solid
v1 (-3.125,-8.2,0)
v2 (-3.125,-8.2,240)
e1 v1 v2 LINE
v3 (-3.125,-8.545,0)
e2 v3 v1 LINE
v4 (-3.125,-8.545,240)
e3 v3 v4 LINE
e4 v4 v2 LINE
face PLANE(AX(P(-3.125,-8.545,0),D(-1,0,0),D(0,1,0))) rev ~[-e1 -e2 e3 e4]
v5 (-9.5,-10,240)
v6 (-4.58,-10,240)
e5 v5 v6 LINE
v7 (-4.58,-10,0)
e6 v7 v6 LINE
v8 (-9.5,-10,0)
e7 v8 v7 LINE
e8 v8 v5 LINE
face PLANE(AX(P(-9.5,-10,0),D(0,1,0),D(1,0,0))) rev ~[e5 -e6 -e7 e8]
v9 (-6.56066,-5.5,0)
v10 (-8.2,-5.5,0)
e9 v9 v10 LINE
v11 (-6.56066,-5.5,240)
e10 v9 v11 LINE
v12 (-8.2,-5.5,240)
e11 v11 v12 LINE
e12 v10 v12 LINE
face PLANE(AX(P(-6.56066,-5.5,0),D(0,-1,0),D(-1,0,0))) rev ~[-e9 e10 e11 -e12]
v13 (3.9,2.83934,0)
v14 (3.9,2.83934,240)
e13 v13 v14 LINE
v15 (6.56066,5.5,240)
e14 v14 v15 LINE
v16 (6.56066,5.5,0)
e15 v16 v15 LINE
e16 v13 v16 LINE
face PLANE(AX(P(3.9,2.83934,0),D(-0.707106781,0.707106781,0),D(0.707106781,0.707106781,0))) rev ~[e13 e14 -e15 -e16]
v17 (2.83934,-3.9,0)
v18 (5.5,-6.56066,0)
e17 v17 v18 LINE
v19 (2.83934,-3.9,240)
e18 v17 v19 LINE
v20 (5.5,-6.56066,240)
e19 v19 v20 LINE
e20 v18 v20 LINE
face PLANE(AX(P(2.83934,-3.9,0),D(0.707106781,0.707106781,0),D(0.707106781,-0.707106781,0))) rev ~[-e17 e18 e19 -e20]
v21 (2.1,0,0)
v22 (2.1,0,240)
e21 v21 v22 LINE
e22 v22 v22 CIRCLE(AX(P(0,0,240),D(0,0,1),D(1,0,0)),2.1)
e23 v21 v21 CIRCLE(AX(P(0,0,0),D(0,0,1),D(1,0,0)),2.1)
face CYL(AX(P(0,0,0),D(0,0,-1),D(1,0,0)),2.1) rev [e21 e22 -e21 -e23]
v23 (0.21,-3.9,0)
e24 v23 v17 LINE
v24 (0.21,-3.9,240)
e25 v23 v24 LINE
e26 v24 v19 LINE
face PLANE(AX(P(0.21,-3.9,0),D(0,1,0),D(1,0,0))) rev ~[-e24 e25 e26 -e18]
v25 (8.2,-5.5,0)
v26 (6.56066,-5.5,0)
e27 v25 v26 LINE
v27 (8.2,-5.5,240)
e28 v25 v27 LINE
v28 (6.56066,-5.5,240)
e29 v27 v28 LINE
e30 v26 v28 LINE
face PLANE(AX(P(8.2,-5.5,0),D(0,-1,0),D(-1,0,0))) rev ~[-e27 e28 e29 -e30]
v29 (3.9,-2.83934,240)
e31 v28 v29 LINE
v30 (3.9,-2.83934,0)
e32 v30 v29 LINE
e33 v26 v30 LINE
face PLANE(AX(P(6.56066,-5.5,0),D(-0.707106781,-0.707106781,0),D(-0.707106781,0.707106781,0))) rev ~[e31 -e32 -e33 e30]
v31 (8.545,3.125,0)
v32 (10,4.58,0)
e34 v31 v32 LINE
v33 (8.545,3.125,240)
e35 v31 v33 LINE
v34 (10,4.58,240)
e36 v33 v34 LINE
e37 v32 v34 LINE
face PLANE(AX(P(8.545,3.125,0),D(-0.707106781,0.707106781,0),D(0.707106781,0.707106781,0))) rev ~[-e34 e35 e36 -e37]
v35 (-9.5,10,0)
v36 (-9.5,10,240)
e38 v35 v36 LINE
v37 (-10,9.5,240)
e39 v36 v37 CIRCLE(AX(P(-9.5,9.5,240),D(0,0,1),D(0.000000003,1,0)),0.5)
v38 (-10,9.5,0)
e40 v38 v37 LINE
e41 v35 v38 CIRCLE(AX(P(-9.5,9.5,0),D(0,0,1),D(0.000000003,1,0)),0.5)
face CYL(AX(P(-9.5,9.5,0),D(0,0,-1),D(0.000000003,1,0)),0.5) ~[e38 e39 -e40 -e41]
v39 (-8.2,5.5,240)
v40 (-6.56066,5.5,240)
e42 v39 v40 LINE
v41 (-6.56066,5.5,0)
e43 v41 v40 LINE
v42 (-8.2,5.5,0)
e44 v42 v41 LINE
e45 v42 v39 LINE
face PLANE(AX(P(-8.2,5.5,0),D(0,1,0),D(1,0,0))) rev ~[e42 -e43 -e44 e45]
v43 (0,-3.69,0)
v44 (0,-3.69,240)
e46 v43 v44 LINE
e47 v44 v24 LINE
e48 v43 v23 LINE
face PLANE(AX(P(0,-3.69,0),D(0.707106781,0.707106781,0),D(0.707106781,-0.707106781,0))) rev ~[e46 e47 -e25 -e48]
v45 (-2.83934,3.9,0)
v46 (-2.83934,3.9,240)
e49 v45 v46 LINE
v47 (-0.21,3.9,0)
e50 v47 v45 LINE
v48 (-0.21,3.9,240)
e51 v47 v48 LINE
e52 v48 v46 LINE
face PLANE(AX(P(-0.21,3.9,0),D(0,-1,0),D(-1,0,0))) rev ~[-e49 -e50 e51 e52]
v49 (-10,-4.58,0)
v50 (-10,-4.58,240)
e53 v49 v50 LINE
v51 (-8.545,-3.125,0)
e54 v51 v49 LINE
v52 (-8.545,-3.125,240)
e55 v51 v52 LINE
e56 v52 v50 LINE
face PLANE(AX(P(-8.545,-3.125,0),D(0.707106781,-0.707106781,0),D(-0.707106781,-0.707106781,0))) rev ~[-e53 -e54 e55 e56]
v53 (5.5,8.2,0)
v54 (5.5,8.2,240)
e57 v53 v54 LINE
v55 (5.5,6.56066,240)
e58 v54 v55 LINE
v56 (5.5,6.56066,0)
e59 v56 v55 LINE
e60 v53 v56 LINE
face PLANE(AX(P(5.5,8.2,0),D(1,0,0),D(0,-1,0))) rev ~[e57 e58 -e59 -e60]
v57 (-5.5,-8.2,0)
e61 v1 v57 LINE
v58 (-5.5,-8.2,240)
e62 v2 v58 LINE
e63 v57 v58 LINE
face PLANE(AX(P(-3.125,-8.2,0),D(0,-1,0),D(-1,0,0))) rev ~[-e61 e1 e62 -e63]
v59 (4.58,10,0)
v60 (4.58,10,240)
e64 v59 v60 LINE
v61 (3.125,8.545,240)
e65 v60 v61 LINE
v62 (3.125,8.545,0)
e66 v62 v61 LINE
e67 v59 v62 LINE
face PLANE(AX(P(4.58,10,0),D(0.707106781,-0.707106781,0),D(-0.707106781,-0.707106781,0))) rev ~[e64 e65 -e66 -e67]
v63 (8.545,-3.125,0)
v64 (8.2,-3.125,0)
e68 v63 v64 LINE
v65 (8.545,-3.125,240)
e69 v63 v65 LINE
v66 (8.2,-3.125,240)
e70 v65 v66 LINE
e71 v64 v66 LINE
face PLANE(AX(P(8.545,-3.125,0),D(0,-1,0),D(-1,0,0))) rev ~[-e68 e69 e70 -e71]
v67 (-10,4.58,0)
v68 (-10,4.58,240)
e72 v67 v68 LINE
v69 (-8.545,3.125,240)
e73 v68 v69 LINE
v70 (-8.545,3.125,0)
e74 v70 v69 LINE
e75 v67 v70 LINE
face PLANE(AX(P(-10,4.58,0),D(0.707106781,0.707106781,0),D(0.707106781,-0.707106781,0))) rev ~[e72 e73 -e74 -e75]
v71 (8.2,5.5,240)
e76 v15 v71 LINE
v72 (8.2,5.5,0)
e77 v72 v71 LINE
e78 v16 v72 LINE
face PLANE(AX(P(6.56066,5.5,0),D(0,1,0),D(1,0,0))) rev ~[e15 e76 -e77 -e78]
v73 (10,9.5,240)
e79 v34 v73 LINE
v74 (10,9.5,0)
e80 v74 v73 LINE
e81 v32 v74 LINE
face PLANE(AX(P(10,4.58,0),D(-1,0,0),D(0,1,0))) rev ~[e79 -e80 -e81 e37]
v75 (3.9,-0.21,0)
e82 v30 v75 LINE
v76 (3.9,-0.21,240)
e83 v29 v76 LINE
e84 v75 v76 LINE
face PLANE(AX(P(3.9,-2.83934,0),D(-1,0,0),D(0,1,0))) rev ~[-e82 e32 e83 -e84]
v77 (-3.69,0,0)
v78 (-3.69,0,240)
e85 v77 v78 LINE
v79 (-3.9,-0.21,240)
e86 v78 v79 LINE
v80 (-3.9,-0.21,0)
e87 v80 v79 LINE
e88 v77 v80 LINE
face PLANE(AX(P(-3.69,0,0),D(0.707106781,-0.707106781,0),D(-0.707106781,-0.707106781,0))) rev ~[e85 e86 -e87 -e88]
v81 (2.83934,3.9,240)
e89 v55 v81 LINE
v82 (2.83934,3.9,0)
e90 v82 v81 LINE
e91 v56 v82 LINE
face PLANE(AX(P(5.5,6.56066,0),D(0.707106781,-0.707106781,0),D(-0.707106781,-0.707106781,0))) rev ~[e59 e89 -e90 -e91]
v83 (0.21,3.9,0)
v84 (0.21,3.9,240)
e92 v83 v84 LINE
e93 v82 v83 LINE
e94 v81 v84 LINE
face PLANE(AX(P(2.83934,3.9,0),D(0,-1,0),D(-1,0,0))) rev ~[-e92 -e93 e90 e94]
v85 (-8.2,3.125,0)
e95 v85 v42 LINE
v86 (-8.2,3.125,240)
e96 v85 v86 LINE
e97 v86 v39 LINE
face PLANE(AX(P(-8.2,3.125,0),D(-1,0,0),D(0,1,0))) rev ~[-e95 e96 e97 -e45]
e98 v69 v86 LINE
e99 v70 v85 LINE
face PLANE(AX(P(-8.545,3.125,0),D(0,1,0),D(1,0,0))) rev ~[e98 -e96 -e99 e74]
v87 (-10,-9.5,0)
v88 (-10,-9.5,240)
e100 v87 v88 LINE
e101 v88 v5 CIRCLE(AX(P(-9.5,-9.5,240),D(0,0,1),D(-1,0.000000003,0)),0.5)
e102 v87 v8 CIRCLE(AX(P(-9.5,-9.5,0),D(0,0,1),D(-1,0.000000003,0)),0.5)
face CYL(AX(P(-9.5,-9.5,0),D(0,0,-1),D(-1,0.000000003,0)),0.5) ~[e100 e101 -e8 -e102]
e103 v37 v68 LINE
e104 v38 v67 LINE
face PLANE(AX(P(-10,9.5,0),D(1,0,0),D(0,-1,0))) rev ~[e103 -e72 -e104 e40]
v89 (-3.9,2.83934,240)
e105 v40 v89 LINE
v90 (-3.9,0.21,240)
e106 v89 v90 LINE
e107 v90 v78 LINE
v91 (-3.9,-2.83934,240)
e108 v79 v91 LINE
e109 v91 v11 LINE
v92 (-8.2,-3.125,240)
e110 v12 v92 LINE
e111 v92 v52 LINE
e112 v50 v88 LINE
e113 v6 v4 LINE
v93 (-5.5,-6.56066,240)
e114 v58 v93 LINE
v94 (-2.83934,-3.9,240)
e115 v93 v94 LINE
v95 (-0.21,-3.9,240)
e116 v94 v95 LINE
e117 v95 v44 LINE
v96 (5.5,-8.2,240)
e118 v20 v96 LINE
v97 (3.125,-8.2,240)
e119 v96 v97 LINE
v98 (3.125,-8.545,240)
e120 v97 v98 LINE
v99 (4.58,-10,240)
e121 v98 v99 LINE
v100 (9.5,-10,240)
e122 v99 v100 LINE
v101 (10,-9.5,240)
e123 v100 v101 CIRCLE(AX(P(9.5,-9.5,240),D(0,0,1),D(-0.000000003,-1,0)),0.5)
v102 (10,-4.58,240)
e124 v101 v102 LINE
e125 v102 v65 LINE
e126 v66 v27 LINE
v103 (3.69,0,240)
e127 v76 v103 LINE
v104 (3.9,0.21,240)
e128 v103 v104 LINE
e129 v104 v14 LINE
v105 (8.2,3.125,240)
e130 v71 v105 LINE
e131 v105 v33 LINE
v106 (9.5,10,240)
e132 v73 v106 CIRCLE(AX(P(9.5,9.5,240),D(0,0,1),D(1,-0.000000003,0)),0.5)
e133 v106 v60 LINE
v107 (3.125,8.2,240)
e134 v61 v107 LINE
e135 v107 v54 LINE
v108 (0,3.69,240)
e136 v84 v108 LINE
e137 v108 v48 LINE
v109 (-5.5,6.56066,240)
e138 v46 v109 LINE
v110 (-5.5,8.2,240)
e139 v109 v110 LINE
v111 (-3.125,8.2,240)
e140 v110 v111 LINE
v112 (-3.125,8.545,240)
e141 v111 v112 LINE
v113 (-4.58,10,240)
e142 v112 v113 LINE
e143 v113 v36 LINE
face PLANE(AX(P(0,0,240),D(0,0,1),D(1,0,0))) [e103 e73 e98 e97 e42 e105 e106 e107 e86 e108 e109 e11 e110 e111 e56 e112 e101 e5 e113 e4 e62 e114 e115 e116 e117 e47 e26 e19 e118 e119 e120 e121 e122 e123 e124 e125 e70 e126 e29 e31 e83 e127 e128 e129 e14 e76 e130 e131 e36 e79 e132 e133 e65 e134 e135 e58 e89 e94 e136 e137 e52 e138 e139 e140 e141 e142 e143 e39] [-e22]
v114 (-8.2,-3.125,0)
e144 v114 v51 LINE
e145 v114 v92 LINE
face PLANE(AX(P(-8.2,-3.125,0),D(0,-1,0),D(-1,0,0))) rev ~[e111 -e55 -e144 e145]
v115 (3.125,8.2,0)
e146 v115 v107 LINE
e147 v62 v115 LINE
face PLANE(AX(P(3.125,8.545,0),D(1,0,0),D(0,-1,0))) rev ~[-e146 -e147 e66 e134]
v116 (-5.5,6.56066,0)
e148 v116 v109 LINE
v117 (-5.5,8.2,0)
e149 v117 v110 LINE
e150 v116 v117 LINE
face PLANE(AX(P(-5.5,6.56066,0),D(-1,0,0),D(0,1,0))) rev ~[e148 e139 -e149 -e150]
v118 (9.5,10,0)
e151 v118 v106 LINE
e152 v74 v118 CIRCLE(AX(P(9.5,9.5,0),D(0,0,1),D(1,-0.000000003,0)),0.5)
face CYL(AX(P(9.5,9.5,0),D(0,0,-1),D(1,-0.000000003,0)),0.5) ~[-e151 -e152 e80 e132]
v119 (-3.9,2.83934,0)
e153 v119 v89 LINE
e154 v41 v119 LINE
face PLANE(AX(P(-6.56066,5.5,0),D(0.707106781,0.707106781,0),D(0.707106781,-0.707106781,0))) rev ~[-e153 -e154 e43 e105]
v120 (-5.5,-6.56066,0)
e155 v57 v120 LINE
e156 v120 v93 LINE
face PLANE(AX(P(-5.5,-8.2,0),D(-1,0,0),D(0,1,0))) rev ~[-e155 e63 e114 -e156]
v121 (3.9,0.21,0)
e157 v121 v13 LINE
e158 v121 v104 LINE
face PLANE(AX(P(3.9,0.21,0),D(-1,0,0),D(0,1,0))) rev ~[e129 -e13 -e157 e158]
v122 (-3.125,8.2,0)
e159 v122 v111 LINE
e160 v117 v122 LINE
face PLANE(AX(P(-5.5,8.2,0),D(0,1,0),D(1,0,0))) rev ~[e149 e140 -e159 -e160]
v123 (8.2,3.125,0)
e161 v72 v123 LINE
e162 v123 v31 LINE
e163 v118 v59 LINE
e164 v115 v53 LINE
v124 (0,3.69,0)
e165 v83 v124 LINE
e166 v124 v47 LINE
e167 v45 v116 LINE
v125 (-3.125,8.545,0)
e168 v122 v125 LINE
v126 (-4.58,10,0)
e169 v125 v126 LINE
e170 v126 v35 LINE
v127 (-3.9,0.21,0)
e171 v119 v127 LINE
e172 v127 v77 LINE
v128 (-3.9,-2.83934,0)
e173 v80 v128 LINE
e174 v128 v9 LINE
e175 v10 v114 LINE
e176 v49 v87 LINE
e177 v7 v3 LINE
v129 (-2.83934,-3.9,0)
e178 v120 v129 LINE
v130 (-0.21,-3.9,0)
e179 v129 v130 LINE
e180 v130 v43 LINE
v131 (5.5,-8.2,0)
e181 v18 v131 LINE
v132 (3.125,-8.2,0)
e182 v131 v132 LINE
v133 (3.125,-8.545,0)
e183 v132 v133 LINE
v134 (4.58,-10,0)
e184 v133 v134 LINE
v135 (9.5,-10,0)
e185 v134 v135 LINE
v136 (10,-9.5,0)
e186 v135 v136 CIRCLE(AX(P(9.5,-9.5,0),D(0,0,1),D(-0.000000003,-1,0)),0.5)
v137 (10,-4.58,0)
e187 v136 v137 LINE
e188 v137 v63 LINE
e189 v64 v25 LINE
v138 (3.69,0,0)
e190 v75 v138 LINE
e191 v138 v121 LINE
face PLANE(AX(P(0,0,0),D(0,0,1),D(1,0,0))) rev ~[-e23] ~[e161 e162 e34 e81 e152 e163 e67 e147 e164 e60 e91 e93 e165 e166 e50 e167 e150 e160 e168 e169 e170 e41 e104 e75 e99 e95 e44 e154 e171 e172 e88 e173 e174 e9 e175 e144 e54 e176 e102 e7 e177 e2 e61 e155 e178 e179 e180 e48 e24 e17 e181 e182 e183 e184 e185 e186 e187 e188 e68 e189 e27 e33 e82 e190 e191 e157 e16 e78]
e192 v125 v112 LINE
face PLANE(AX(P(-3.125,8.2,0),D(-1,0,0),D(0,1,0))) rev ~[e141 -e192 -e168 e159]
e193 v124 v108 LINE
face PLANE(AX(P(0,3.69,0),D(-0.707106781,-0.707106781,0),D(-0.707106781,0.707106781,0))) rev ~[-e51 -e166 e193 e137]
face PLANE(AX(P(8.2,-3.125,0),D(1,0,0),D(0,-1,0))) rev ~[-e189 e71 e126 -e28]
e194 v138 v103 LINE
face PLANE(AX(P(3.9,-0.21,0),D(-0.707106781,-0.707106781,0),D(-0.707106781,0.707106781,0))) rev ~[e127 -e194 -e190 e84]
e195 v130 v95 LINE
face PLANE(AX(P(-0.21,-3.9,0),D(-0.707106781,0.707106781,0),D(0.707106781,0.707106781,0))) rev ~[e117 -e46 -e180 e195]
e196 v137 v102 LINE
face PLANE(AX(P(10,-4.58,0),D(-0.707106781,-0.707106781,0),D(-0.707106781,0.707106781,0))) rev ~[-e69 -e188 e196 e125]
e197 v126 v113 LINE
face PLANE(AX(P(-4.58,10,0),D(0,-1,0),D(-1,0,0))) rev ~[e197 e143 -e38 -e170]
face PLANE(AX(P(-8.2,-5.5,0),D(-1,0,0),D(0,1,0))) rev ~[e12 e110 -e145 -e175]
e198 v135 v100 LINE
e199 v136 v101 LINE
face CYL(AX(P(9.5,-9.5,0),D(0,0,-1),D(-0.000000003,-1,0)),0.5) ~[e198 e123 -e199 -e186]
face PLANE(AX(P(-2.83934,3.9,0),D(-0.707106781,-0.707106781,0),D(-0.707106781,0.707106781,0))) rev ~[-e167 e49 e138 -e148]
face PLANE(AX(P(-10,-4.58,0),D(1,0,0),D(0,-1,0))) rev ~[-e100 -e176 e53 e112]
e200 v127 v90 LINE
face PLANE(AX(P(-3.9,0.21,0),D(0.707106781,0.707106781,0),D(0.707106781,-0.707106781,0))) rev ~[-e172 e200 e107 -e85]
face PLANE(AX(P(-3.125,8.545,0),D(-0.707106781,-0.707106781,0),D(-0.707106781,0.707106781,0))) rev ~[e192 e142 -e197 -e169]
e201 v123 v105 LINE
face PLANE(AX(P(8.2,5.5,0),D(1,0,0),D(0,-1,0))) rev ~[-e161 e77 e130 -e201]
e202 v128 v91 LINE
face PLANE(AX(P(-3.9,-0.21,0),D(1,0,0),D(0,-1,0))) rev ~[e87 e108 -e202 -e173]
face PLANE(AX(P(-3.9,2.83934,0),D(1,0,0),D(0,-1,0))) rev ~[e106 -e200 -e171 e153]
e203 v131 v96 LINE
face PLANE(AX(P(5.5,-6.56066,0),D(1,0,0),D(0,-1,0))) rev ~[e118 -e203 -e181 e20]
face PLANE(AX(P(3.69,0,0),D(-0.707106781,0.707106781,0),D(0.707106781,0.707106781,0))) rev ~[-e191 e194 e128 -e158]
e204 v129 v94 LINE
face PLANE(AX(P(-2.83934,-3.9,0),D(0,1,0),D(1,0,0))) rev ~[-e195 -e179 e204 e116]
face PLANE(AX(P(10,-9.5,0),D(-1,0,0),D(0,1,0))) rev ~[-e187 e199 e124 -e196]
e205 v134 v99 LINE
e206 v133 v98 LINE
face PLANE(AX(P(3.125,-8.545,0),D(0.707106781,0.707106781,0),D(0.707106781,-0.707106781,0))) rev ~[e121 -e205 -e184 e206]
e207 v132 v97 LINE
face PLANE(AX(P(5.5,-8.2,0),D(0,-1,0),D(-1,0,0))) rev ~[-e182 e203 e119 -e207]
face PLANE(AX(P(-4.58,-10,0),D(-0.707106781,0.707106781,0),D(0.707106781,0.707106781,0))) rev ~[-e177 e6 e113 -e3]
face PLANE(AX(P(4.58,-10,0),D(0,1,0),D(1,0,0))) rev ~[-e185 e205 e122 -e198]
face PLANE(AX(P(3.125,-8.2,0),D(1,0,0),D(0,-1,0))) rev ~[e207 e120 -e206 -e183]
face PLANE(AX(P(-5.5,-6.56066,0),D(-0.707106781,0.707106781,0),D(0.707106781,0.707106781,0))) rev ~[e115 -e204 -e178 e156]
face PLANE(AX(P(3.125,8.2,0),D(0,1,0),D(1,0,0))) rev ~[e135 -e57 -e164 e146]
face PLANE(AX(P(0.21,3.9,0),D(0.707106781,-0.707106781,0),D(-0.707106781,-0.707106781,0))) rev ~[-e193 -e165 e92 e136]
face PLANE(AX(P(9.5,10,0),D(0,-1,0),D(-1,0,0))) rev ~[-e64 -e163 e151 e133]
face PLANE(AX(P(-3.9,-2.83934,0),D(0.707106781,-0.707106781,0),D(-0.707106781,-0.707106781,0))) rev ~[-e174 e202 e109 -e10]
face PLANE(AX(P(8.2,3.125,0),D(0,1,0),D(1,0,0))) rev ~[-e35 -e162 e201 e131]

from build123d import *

# Parameters (mm, degrees)
SKETCH1_R           = 2.1
BOSS_EXTRUDE1_DEPTH = 240


with BuildPart() as part:
    # Sketch1 → Boss-Extrude1 (new body)
    with BuildSketch(Plane.XY):
        with BuildLine():
            Line((4.58, -10), (9.5, -10))
            ThreePointArc((9.5, -10), (9.853553391, -9.853553391), (10, -9.5))
            Line((10, -9.5), (10, -4.58))
            Line((10, -4.58), (8.545, -3.125))
            Line((8.545, -3.125), (8.2, -3.125))
            Line((8.2, -3.125), (8.2, -5.5))
            Line((8.2, -5.5), (6.560660172, -5.5))
            Line((6.560660172, -5.5), (3.9, -2.839339828))
            Line((3.9, -2.839339828), (3.9, -0.21))
            Line((3.9, -0.21), (3.69, 0))
            Line((3.69, 0), (3.9, 0.21))
            Line((3.9, 0.21), (3.9, 2.839339828))
            Line((3.9, 2.839339828), (6.560660172, 5.5))
            Line((6.560660172, 5.5), (8.2, 5.5))
            Line((8.2, 5.5), (8.2, 3.125))
            Line((8.2, 3.125), (8.545, 3.125))
            Line((8.545, 3.125), (10, 4.58))
            Line((10, 4.58), (10, 9.5))
            ThreePointArc((10, 9.5), (9.853553391, 9.853553391), (9.5, 10))
            Line((9.5, 10), (4.58, 10))
            Line((4.58, 10), (3.125, 8.545))
            Line((3.125, 8.545), (3.125, 8.2))
            Line((3.125, 8.2), (5.5, 8.2))
            Line((5.5, 8.2), (5.5, 6.560660172))
            Line((5.5, 6.560660172), (2.839339828, 3.9))
            Line((2.839339828, 3.9), (0.21, 3.9))
            Line((0.21, 3.9), (0, 3.69))
            Line((0, 3.69), (-0.21, 3.9))
            Line((-0.21, 3.9), (-2.839339828, 3.9))
            Line((-2.839339828, 3.9), (-5.5, 6.560660172))
            Line((-5.5, 6.560660172), (-5.5, 8.2))
            Line((-5.5, 8.2), (-3.125, 8.2))
            Line((-3.125, 8.2), (-3.125, 8.545))
            Line((-3.125, 8.545), (-4.58, 10))
            Line((-4.58, 10), (-9.5, 10))
            ThreePointArc((-9.5, 10), (-9.853553391, 9.853553391), (-10, 9.5))
            Line((-10, 9.5), (-10, 4.58))
            Line((-10, 4.58), (-8.545, 3.125))
            Line((-8.545, 3.125), (-8.2, 3.125))
            Line((-8.2, 3.125), (-8.2, 5.5))
            Line((-8.2, 5.5), (-6.560660172, 5.5))
            Line((-6.560660172, 5.5), (-3.9, 2.839339828))
            Line((-3.9, 2.839339828), (-3.9, 0.21))
            Line((-3.9, 0.21), (-3.69, 0))
            Line((-3.69, 0), (-3.9, -0.21))
            Line((-3.9, -0.21), (-3.9, -2.839339828))
            Line((-3.9, -2.839339828), (-6.560660172, -5.5))
            Line((-6.560660172, -5.5), (-8.2, -5.5))
            Line((-8.2, -5.5), (-8.2, -3.125))
            Line((-8.2, -3.125), (-8.545, -3.125))
            Line((-8.545, -3.125), (-10, -4.58))
            Line((-10, -4.58), (-10, -9.5))
            ThreePointArc((-10, -9.5), (-9.853553391, -9.853553391), (-9.5, -10))
            Line((-9.5, -10), (-4.58, -10))
            Line((-4.58, -10), (-3.125, -8.545))
            Line((-3.125, -8.545), (-3.125, -8.2))
            Line((-3.125, -8.2), (-5.5, -8.2))
            Line((-5.5, -8.2), (-5.5, -6.560660172))
            Line((-5.5, -6.560660172), (-2.839339828, -3.9))
            Line((-2.839339828, -3.9), (-0.21, -3.9))
            Line((-0.21, -3.9), (0, -3.69))
            Line((0, -3.69), (0.21, -3.9))
            Line((0.21, -3.9), (2.839339828, -3.9))
            Line((2.839339828, -3.9), (5.5, -6.560660172))
            Line((5.5, -6.560660172), (5.5, -8.2))
            Line((5.5, -8.2), (3.125, -8.2))
            Line((3.125, -8.2), (3.125, -8.545))
            Line((3.125, -8.545), (4.58, -10))
        make_face()
        Circle(SKETCH1_R, mode=Mode.SUBTRACT)
    extrude(amount=BOSS_EXTRUDE1_DEPTH)


solid = part.part
